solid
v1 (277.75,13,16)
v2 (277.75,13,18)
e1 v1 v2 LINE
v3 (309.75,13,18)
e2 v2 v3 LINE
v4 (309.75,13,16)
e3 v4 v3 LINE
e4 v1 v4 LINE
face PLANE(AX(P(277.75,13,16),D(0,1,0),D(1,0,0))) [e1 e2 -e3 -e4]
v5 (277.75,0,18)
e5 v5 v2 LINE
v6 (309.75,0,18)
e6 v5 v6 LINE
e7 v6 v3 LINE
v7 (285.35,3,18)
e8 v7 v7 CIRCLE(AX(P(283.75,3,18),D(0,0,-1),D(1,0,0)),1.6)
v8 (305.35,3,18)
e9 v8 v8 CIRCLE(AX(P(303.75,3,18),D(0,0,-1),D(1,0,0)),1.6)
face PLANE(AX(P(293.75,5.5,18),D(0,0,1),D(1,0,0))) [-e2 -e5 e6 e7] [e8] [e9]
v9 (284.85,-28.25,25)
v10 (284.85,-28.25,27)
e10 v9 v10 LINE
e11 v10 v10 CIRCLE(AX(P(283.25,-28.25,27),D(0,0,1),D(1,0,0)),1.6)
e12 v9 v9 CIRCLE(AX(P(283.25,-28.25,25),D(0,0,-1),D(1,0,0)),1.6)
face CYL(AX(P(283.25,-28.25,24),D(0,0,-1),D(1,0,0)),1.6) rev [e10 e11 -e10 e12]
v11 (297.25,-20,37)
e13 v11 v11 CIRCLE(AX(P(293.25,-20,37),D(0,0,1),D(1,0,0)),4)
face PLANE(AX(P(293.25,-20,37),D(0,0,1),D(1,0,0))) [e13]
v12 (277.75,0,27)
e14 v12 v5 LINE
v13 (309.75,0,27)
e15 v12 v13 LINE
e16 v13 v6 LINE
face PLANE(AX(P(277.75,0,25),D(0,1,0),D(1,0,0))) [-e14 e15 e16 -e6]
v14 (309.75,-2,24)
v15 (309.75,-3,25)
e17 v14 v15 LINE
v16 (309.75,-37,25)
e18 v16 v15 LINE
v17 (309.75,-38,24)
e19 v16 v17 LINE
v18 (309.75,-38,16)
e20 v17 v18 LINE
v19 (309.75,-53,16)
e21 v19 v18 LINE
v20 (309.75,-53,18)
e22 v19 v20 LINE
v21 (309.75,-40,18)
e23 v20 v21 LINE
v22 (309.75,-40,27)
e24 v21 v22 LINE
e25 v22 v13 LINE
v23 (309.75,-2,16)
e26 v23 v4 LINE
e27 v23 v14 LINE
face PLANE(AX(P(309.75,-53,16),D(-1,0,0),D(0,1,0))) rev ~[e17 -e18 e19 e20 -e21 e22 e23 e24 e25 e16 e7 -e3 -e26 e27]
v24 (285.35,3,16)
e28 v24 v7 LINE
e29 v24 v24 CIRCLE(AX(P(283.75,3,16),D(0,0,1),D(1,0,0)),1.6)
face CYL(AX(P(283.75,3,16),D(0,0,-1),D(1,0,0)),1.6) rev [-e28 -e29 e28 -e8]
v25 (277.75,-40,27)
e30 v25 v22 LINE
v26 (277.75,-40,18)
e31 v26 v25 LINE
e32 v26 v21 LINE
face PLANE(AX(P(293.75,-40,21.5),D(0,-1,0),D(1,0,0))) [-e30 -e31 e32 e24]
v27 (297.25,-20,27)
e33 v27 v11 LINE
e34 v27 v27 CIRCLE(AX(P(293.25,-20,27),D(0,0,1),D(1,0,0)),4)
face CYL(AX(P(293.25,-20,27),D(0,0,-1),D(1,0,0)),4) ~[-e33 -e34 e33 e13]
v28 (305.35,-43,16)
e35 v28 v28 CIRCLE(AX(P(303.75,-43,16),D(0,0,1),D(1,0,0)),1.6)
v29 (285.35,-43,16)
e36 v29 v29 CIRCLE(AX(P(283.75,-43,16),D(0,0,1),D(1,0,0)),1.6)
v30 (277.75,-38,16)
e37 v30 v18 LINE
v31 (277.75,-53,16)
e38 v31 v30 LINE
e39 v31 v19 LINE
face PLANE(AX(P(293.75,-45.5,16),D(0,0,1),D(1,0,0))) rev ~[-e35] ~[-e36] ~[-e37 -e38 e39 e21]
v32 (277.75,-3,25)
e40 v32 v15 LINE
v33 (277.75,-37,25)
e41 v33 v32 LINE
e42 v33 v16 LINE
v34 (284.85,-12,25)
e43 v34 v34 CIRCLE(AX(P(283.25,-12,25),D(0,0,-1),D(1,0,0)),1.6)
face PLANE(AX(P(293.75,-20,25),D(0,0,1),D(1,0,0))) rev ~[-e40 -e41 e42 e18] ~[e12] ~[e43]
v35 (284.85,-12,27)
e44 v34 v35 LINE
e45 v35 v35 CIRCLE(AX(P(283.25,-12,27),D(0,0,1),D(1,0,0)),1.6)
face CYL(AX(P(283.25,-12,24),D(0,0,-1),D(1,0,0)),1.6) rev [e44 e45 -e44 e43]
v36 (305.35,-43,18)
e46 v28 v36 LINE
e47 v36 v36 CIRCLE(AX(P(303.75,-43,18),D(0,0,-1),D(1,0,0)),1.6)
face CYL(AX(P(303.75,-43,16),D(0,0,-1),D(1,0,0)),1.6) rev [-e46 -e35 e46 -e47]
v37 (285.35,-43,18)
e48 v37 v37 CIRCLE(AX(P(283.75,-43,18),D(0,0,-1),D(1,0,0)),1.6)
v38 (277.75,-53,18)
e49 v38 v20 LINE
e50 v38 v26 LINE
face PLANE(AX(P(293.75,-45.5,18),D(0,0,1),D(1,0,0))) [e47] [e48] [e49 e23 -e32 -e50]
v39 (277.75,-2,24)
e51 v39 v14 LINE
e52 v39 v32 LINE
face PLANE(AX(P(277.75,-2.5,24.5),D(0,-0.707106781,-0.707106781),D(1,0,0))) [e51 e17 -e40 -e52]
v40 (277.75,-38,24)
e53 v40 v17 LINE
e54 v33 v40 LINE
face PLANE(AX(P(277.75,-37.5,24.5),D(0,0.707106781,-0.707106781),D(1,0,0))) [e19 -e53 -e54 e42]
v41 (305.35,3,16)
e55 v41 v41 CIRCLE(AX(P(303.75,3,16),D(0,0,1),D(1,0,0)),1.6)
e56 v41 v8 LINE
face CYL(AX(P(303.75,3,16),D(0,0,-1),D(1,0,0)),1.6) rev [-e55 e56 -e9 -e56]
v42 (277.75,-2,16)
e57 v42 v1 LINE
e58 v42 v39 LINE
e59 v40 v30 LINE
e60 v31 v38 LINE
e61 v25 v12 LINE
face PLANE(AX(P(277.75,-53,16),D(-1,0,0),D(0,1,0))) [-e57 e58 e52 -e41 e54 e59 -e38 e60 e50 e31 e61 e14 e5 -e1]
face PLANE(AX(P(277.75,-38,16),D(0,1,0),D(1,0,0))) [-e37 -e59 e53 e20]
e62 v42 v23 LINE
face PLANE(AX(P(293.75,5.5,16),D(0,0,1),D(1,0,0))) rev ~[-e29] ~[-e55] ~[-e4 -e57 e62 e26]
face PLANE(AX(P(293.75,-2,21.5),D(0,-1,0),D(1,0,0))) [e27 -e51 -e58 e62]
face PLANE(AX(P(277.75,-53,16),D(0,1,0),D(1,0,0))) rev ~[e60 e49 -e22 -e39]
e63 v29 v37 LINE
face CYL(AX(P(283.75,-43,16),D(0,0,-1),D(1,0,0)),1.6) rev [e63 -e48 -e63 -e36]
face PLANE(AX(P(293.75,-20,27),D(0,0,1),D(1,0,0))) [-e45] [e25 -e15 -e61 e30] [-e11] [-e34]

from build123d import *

# Parameters (mm, degrees)
CYLINDER155_R     = 1.6
CYLINDER155_DEPTH = 3
CYLINDER156_R     = 1.6
CYLINDER156_DEPTH = 3
CYLINDER157_R     = 1.6
CYLINDER157_DEPTH = 3
CYLINDER158_R     = 1.6
CYLINDER158_DEPTH = 3
CYLINDER159_R     = 1.6
CYLINDER159_DEPTH = 3
CYLINDER154_R     = 1.6
CYLINDER154_DEPTH = 3
BOX085_W          = 32
BOX085_H          = 7
BOX085_DEPTH      = 2
BOX082_W          = 32
BOX082_H          = 40
BOX082_DEPTH      = 2
BOX086_W          = 32
BOX086_H          = 7
BOX086_DEPTH      = 2
BOX084_W          = 32
BOX084_H          = 15
BOX084_DEPTH      = 2
CYLINDER153_R     = 4
CYLINDER153_DEPTH = 10
BOX083_W          = 32
BOX083_H          = 15
BOX083_DEPTH      = 2
CHAMFER004_SIZE   = 1


with BuildPart() as cylinder155:
    # Cylinder155 → Cylinder155 (new body)
    with BuildSketch(Plane(origin=(47.5, -22, 7), x_dir=(1, 0, 0), z_dir=(0, 0, 1))):
        Circle(CYLINDER155_R)
    extrude(amount=CYLINDER155_DEPTH)


with BuildPart() as cylinder156:
    # Cylinder156 → Cylinder156 (new body)
    with BuildSketch(Plane(origin=(47.5, -68, 7), x_dir=(1, 0, 0), z_dir=(0, 0, 1))):
        Circle(CYLINDER156_R)
    extrude(amount=CYLINDER156_DEPTH)


with BuildPart() as cylinder157:
    # Cylinder157 → Cylinder157 (new body)
    with BuildSketch(Plane(origin=(27.5, -68, 7), x_dir=(1, 0, 0), z_dir=(0, 0, 1))):
        Circle(CYLINDER157_R)
    extrude(amount=CYLINDER157_DEPTH)


with BuildPart() as cylinder158:
    # Cylinder158 → Cylinder158 (new body)
    with BuildSketch(Plane(origin=(27, -37, 15), x_dir=(1, 0, 0), z_dir=(0, 0, 1))):
        Circle(CYLINDER158_R)
    extrude(amount=CYLINDER158_DEPTH)


with BuildPart() as cylinder159:
    # Cylinder159 → Cylinder159 (new body)
    with BuildSketch(Plane(origin=(27, -53.25, 15), x_dir=(1, 0, 0), z_dir=(0, 0, 1))):
        Circle(CYLINDER159_R)
    extrude(amount=CYLINDER159_DEPTH)


with BuildPart() as fusion110:
    # Cylinder154 → Cylinder154 (new body)
    with BuildSketch(Plane(origin=(27.5, -22, 7), x_dir=(1, 0, 0), z_dir=(0, 0, 1))):
        Circle(CYLINDER154_R)
    extrude(amount=CYLINDER154_DEPTH)

    # Fusion110: union Cylinder155, Cylinder156, Cylinder157, Cylinder158, Cylinder159
    add(cylinder155.part)
    add(cylinder156.part)
    add(cylinder157.part)
    add(cylinder158.part)
    add(cylinder159.part)


with BuildPart() as fusion110_1:
    # Fusion110 placement: moved
    add(fusion110.part.moved(Location((0, 25, 9))))


with BuildPart() as cube085:
    # Box085 → Box085 (new body)
    with BuildSketch(Plane(origin=(21.5, 0, 18), x_dir=(1, 0, 0), z_dir=(0, -1, 0))):
        with Locations((16, 3.5)):
            Rectangle(BOX085_W, BOX085_H)
    extrude(amount=BOX085_DEPTH)


with BuildPart() as cube082:
    # Box082 → Box082 (new body)
    with BuildSketch(Plane(origin=(21.5, -40, 25), x_dir=(1, 0, 0), z_dir=(0, 0, 1))):
        with Locations((16, 20)):
            Rectangle(BOX082_W, BOX082_H)
    extrude(amount=BOX082_DEPTH)


with BuildPart() as cube086:
    # Box086 → Box086 (new body)
    with BuildSketch(Plane(origin=(21.5, -38, 18), x_dir=(1, 0, 0), z_dir=(0, -1, 0))):
        with Locations((16, 3.5)):
            Rectangle(BOX086_W, BOX086_H)
    extrude(amount=BOX086_DEPTH)


with BuildPart() as cube084:
    # Box084 → Box084 (new body)
    with BuildSketch(Plane(origin=(21.5, -53, 16), x_dir=(1, 0, 0), z_dir=(0, 0, 1))):
        with Locations((16, 7.5)):
            Rectangle(BOX084_W, BOX084_H)
    extrude(amount=BOX084_DEPTH)


with BuildPart() as cylinder153:
    # Cylinder153 → Cylinder153 (new body)
    with BuildSketch(Plane(origin=(37, -20, 27), x_dir=(1, 0, 0), z_dir=(0, 0, 1))):
        Circle(CYLINDER153_R)
    extrude(amount=CYLINDER153_DEPTH)


with BuildPart() as chamfer004:
    # Box083 → Box083 (new body)
    with BuildSketch(Plane(origin=(21.5, -2, 16), x_dir=(1, 0, 0), z_dir=(0, 0, 1))):
        with Locations((16, 7.5)):
            Rectangle(BOX083_W, BOX083_H)
    extrude(amount=BOX083_DEPTH)

    # Fusion111: union Cube085, Cube082, Cube086, Cube084, Cylinder153
    add(cube085.part)
    add(cube082.part)
    add(cube086.part)
    add(cube084.part)
    add(cylinder153.part)

    # Cut087: cut Fusion110
    add(fusion110_1.part, mode=Mode.SUBTRACT)

    # Chamfer004
    chamfer004_edges = [chamfer004.edges().sort_by_distance(p)[0] for p in [
        (37.5, -2, 25),
        (37.5, -38, 25),
    ]]
    chamfer(chamfer004_edges, length=CHAMFER004_SIZE)


with BuildPart() as chamfer004_1:
    # Chamfer004 placement: moved
    add(chamfer004.part.moved(Location((256.25, 0, 0))))


solid = chamfer004_1.part
